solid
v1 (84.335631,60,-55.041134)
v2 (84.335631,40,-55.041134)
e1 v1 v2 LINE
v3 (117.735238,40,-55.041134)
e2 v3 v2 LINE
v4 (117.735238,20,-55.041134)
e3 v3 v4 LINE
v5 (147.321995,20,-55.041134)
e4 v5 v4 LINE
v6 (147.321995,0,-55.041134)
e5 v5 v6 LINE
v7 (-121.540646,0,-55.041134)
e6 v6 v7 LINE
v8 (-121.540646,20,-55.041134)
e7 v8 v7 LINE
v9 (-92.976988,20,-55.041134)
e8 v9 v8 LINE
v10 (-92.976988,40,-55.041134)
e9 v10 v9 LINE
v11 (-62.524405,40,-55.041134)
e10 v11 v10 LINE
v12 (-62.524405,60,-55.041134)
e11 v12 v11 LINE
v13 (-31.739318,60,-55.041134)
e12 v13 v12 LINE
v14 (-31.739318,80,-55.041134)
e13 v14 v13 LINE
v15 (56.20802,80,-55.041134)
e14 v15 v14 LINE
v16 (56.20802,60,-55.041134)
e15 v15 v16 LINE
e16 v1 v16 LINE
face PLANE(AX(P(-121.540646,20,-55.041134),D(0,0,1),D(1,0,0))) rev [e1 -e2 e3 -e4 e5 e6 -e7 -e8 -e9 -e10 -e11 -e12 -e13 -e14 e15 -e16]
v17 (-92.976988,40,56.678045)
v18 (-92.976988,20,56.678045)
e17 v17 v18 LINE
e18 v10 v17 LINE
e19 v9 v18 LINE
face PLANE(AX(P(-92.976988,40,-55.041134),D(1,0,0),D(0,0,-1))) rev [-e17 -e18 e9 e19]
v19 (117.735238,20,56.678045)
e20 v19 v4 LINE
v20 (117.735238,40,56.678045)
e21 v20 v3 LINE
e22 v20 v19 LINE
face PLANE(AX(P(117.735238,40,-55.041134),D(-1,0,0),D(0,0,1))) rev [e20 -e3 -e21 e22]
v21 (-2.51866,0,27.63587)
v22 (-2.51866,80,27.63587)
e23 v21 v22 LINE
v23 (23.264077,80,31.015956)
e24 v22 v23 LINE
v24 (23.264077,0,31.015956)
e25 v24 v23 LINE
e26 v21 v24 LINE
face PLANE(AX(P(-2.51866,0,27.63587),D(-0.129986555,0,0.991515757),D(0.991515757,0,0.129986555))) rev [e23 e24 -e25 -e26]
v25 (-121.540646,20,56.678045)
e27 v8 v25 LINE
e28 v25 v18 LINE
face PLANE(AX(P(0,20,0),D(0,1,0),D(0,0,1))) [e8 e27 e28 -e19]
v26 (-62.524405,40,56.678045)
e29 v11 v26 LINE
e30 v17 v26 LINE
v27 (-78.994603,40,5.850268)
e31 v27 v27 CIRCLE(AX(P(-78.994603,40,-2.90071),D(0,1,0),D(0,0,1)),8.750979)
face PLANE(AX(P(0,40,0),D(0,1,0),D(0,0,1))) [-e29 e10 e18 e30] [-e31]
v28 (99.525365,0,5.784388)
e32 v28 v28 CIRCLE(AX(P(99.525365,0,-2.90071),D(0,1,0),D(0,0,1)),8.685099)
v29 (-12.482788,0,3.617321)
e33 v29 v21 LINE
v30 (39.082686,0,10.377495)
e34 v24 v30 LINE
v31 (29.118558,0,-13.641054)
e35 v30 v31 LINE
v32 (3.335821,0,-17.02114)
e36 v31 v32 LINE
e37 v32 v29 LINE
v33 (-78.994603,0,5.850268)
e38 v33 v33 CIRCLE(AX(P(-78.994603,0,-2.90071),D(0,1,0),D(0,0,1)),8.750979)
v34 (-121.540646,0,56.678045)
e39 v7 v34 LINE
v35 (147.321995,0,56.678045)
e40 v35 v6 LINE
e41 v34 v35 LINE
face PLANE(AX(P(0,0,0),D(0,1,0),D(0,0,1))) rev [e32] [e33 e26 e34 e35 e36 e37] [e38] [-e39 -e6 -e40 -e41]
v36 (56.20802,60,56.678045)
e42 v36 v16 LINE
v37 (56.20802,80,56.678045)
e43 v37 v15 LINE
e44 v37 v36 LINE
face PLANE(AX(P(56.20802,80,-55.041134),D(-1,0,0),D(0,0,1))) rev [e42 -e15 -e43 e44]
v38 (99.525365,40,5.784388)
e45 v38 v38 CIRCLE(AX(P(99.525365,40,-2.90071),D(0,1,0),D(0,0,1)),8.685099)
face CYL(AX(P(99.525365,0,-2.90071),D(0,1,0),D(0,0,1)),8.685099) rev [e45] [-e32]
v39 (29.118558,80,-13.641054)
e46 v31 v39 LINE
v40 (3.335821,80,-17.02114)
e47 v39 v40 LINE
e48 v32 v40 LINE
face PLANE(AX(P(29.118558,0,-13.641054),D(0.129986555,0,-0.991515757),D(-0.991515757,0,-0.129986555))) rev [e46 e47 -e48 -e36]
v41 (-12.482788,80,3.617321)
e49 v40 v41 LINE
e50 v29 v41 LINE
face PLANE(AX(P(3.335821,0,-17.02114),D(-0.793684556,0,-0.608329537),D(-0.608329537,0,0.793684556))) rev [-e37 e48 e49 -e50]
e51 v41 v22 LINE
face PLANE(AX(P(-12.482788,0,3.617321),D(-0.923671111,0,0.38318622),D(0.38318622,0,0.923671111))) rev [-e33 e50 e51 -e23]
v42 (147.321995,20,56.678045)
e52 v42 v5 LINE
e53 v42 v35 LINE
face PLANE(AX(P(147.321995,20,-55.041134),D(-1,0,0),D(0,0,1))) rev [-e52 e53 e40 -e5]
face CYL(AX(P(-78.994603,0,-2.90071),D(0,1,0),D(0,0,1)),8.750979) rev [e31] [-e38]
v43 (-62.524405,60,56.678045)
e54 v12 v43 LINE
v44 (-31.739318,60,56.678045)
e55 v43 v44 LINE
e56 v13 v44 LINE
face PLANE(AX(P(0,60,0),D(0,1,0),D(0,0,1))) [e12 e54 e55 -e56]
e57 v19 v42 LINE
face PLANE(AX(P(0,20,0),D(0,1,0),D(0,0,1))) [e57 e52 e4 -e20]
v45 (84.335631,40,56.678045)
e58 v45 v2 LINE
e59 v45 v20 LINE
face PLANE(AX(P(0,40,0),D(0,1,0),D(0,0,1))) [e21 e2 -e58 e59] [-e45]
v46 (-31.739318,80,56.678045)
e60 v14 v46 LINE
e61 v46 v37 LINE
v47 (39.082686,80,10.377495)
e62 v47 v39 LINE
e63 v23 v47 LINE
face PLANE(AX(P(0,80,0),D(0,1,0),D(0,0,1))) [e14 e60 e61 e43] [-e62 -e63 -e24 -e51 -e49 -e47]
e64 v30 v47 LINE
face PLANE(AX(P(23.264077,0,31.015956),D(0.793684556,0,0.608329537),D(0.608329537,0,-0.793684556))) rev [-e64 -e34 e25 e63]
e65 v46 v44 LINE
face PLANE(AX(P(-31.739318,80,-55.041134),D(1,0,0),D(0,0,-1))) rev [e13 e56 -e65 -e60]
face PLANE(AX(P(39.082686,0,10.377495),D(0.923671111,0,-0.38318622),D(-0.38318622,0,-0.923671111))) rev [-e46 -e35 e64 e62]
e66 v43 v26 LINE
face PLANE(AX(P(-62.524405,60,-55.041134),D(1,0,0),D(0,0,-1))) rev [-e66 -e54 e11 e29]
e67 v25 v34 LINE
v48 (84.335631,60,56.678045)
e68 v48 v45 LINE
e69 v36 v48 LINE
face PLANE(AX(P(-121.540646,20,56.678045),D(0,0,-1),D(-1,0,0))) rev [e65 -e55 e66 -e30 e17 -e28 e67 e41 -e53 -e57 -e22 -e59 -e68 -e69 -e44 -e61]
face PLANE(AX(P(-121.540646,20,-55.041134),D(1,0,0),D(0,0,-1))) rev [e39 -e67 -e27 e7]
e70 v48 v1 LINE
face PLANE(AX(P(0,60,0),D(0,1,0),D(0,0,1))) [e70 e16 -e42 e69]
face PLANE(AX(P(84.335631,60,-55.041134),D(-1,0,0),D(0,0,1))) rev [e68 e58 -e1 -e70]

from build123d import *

# Parameters (mm, degrees)
SKETCH1_W           = 268.862640616
SKETCH1_H           = 111.719179434
BOSS_EXTRUDE1_DEPTH = 20
SKETCH2_W           = 210.712226585
SKETCH2_H           = 111.719179434
BOSS_EXTRUDE2_DEPTH = 20
SKETCH3_W           = 146.860036711
SKETCH3_H           = 111.719179434
BOSS_EXTRUDE3_DEPTH = 20
SKETCH5_W           = 87.947337462
SKETCH5_H           = 111.719179434
BOSS_EXTRUDE5_DEPTH = 20
SKETCH9_R           = 8.750978852
SKETCH9_R_2         = 8.685098526
CUT_EXTRUDE3_DEPTH  = 163.837867161
CUT_EXTRUDE4_DEPTH  = 177.963756124


with BuildPart() as part:
    # Sketch1 → Boss-Extrude1 (new body)
    with BuildSketch(Plane(origin=(0, 0, 0), x_dir=(1, 0, 0), z_dir=(0, 1, 0))):
        with Locations((12.89067455, -0.818455527)):
            Rectangle(SKETCH1_W, SKETCH1_H)
    extrude(amount=BOSS_EXTRUDE1_DEPTH)

    # Sketch2 → Boss-Extrude2 (add)
    with BuildSketch(Plane(origin=(0, 20, 0), x_dir=(1, 0, 0), z_dir=(0, 1, 0))):
        with Locations((12.379125057, -0.818455527)):
            Rectangle(SKETCH2_W, SKETCH2_H)
    extrude(amount=BOSS_EXTRUDE2_DEPTH)

    # Sketch3 → Boss-Extrude3 (add)
    with BuildSketch(Plane(origin=(0, 40, 0), x_dir=(1, 0, 0), z_dir=(0, 1, 0))):
        with Locations((10.905612982, -0.818455527)):
            Rectangle(SKETCH3_W, SKETCH3_H)
    extrude(amount=BOSS_EXTRUDE3_DEPTH)

    # Sketch5 → Boss-Extrude5 (add)
    with BuildSketch(Plane(origin=(0, 60, 0), x_dir=(1, 0, 0), z_dir=(0, 1, 0))):
        with Locations((12.234351136, -0.818455527)):
            Rectangle(SKETCH5_W, SKETCH5_H)
    extrude(amount=BOSS_EXTRUDE5_DEPTH)

    # Sketch9 → Cut-Extrude3 (cut, through all)
    with BuildSketch(Plane(origin=(0, 40, 0), x_dir=(1, 0, 0), z_dir=(0, 1, 0))):
        with Locations(Location((-78.994603396, 2.900710485, 0), (0, 0, 270))):
            Circle(SKETCH9_R)
        with Locations(Location((99.525365185, 2.900710485, 0), (0, 0, 270))):
            Circle(SKETCH9_R_2)
    extrude(amount=-CUT_EXTRUDE3_DEPTH, mode=Mode.SUBTRACT)

    # Sketch10 → Cut-Extrude4 (cut, through all)
    with BuildSketch(Plane(origin=(0, 80, 0), x_dir=(1, 0, 0), z_dir=(0, 1, 0))):
        Polygon((23.264076608, -31.015956355), (39.082685924, -10.377494547), (29.11855836, 13.641053878), (3.335821481, 17.021140493), (-12.482787835, -3.617321315), (-2.518660272, -27.63586974), align=None)
    extrude(amount=-CUT_EXTRUDE4_DEPTH, mode=Mode.SUBTRACT)


solid = part.part
